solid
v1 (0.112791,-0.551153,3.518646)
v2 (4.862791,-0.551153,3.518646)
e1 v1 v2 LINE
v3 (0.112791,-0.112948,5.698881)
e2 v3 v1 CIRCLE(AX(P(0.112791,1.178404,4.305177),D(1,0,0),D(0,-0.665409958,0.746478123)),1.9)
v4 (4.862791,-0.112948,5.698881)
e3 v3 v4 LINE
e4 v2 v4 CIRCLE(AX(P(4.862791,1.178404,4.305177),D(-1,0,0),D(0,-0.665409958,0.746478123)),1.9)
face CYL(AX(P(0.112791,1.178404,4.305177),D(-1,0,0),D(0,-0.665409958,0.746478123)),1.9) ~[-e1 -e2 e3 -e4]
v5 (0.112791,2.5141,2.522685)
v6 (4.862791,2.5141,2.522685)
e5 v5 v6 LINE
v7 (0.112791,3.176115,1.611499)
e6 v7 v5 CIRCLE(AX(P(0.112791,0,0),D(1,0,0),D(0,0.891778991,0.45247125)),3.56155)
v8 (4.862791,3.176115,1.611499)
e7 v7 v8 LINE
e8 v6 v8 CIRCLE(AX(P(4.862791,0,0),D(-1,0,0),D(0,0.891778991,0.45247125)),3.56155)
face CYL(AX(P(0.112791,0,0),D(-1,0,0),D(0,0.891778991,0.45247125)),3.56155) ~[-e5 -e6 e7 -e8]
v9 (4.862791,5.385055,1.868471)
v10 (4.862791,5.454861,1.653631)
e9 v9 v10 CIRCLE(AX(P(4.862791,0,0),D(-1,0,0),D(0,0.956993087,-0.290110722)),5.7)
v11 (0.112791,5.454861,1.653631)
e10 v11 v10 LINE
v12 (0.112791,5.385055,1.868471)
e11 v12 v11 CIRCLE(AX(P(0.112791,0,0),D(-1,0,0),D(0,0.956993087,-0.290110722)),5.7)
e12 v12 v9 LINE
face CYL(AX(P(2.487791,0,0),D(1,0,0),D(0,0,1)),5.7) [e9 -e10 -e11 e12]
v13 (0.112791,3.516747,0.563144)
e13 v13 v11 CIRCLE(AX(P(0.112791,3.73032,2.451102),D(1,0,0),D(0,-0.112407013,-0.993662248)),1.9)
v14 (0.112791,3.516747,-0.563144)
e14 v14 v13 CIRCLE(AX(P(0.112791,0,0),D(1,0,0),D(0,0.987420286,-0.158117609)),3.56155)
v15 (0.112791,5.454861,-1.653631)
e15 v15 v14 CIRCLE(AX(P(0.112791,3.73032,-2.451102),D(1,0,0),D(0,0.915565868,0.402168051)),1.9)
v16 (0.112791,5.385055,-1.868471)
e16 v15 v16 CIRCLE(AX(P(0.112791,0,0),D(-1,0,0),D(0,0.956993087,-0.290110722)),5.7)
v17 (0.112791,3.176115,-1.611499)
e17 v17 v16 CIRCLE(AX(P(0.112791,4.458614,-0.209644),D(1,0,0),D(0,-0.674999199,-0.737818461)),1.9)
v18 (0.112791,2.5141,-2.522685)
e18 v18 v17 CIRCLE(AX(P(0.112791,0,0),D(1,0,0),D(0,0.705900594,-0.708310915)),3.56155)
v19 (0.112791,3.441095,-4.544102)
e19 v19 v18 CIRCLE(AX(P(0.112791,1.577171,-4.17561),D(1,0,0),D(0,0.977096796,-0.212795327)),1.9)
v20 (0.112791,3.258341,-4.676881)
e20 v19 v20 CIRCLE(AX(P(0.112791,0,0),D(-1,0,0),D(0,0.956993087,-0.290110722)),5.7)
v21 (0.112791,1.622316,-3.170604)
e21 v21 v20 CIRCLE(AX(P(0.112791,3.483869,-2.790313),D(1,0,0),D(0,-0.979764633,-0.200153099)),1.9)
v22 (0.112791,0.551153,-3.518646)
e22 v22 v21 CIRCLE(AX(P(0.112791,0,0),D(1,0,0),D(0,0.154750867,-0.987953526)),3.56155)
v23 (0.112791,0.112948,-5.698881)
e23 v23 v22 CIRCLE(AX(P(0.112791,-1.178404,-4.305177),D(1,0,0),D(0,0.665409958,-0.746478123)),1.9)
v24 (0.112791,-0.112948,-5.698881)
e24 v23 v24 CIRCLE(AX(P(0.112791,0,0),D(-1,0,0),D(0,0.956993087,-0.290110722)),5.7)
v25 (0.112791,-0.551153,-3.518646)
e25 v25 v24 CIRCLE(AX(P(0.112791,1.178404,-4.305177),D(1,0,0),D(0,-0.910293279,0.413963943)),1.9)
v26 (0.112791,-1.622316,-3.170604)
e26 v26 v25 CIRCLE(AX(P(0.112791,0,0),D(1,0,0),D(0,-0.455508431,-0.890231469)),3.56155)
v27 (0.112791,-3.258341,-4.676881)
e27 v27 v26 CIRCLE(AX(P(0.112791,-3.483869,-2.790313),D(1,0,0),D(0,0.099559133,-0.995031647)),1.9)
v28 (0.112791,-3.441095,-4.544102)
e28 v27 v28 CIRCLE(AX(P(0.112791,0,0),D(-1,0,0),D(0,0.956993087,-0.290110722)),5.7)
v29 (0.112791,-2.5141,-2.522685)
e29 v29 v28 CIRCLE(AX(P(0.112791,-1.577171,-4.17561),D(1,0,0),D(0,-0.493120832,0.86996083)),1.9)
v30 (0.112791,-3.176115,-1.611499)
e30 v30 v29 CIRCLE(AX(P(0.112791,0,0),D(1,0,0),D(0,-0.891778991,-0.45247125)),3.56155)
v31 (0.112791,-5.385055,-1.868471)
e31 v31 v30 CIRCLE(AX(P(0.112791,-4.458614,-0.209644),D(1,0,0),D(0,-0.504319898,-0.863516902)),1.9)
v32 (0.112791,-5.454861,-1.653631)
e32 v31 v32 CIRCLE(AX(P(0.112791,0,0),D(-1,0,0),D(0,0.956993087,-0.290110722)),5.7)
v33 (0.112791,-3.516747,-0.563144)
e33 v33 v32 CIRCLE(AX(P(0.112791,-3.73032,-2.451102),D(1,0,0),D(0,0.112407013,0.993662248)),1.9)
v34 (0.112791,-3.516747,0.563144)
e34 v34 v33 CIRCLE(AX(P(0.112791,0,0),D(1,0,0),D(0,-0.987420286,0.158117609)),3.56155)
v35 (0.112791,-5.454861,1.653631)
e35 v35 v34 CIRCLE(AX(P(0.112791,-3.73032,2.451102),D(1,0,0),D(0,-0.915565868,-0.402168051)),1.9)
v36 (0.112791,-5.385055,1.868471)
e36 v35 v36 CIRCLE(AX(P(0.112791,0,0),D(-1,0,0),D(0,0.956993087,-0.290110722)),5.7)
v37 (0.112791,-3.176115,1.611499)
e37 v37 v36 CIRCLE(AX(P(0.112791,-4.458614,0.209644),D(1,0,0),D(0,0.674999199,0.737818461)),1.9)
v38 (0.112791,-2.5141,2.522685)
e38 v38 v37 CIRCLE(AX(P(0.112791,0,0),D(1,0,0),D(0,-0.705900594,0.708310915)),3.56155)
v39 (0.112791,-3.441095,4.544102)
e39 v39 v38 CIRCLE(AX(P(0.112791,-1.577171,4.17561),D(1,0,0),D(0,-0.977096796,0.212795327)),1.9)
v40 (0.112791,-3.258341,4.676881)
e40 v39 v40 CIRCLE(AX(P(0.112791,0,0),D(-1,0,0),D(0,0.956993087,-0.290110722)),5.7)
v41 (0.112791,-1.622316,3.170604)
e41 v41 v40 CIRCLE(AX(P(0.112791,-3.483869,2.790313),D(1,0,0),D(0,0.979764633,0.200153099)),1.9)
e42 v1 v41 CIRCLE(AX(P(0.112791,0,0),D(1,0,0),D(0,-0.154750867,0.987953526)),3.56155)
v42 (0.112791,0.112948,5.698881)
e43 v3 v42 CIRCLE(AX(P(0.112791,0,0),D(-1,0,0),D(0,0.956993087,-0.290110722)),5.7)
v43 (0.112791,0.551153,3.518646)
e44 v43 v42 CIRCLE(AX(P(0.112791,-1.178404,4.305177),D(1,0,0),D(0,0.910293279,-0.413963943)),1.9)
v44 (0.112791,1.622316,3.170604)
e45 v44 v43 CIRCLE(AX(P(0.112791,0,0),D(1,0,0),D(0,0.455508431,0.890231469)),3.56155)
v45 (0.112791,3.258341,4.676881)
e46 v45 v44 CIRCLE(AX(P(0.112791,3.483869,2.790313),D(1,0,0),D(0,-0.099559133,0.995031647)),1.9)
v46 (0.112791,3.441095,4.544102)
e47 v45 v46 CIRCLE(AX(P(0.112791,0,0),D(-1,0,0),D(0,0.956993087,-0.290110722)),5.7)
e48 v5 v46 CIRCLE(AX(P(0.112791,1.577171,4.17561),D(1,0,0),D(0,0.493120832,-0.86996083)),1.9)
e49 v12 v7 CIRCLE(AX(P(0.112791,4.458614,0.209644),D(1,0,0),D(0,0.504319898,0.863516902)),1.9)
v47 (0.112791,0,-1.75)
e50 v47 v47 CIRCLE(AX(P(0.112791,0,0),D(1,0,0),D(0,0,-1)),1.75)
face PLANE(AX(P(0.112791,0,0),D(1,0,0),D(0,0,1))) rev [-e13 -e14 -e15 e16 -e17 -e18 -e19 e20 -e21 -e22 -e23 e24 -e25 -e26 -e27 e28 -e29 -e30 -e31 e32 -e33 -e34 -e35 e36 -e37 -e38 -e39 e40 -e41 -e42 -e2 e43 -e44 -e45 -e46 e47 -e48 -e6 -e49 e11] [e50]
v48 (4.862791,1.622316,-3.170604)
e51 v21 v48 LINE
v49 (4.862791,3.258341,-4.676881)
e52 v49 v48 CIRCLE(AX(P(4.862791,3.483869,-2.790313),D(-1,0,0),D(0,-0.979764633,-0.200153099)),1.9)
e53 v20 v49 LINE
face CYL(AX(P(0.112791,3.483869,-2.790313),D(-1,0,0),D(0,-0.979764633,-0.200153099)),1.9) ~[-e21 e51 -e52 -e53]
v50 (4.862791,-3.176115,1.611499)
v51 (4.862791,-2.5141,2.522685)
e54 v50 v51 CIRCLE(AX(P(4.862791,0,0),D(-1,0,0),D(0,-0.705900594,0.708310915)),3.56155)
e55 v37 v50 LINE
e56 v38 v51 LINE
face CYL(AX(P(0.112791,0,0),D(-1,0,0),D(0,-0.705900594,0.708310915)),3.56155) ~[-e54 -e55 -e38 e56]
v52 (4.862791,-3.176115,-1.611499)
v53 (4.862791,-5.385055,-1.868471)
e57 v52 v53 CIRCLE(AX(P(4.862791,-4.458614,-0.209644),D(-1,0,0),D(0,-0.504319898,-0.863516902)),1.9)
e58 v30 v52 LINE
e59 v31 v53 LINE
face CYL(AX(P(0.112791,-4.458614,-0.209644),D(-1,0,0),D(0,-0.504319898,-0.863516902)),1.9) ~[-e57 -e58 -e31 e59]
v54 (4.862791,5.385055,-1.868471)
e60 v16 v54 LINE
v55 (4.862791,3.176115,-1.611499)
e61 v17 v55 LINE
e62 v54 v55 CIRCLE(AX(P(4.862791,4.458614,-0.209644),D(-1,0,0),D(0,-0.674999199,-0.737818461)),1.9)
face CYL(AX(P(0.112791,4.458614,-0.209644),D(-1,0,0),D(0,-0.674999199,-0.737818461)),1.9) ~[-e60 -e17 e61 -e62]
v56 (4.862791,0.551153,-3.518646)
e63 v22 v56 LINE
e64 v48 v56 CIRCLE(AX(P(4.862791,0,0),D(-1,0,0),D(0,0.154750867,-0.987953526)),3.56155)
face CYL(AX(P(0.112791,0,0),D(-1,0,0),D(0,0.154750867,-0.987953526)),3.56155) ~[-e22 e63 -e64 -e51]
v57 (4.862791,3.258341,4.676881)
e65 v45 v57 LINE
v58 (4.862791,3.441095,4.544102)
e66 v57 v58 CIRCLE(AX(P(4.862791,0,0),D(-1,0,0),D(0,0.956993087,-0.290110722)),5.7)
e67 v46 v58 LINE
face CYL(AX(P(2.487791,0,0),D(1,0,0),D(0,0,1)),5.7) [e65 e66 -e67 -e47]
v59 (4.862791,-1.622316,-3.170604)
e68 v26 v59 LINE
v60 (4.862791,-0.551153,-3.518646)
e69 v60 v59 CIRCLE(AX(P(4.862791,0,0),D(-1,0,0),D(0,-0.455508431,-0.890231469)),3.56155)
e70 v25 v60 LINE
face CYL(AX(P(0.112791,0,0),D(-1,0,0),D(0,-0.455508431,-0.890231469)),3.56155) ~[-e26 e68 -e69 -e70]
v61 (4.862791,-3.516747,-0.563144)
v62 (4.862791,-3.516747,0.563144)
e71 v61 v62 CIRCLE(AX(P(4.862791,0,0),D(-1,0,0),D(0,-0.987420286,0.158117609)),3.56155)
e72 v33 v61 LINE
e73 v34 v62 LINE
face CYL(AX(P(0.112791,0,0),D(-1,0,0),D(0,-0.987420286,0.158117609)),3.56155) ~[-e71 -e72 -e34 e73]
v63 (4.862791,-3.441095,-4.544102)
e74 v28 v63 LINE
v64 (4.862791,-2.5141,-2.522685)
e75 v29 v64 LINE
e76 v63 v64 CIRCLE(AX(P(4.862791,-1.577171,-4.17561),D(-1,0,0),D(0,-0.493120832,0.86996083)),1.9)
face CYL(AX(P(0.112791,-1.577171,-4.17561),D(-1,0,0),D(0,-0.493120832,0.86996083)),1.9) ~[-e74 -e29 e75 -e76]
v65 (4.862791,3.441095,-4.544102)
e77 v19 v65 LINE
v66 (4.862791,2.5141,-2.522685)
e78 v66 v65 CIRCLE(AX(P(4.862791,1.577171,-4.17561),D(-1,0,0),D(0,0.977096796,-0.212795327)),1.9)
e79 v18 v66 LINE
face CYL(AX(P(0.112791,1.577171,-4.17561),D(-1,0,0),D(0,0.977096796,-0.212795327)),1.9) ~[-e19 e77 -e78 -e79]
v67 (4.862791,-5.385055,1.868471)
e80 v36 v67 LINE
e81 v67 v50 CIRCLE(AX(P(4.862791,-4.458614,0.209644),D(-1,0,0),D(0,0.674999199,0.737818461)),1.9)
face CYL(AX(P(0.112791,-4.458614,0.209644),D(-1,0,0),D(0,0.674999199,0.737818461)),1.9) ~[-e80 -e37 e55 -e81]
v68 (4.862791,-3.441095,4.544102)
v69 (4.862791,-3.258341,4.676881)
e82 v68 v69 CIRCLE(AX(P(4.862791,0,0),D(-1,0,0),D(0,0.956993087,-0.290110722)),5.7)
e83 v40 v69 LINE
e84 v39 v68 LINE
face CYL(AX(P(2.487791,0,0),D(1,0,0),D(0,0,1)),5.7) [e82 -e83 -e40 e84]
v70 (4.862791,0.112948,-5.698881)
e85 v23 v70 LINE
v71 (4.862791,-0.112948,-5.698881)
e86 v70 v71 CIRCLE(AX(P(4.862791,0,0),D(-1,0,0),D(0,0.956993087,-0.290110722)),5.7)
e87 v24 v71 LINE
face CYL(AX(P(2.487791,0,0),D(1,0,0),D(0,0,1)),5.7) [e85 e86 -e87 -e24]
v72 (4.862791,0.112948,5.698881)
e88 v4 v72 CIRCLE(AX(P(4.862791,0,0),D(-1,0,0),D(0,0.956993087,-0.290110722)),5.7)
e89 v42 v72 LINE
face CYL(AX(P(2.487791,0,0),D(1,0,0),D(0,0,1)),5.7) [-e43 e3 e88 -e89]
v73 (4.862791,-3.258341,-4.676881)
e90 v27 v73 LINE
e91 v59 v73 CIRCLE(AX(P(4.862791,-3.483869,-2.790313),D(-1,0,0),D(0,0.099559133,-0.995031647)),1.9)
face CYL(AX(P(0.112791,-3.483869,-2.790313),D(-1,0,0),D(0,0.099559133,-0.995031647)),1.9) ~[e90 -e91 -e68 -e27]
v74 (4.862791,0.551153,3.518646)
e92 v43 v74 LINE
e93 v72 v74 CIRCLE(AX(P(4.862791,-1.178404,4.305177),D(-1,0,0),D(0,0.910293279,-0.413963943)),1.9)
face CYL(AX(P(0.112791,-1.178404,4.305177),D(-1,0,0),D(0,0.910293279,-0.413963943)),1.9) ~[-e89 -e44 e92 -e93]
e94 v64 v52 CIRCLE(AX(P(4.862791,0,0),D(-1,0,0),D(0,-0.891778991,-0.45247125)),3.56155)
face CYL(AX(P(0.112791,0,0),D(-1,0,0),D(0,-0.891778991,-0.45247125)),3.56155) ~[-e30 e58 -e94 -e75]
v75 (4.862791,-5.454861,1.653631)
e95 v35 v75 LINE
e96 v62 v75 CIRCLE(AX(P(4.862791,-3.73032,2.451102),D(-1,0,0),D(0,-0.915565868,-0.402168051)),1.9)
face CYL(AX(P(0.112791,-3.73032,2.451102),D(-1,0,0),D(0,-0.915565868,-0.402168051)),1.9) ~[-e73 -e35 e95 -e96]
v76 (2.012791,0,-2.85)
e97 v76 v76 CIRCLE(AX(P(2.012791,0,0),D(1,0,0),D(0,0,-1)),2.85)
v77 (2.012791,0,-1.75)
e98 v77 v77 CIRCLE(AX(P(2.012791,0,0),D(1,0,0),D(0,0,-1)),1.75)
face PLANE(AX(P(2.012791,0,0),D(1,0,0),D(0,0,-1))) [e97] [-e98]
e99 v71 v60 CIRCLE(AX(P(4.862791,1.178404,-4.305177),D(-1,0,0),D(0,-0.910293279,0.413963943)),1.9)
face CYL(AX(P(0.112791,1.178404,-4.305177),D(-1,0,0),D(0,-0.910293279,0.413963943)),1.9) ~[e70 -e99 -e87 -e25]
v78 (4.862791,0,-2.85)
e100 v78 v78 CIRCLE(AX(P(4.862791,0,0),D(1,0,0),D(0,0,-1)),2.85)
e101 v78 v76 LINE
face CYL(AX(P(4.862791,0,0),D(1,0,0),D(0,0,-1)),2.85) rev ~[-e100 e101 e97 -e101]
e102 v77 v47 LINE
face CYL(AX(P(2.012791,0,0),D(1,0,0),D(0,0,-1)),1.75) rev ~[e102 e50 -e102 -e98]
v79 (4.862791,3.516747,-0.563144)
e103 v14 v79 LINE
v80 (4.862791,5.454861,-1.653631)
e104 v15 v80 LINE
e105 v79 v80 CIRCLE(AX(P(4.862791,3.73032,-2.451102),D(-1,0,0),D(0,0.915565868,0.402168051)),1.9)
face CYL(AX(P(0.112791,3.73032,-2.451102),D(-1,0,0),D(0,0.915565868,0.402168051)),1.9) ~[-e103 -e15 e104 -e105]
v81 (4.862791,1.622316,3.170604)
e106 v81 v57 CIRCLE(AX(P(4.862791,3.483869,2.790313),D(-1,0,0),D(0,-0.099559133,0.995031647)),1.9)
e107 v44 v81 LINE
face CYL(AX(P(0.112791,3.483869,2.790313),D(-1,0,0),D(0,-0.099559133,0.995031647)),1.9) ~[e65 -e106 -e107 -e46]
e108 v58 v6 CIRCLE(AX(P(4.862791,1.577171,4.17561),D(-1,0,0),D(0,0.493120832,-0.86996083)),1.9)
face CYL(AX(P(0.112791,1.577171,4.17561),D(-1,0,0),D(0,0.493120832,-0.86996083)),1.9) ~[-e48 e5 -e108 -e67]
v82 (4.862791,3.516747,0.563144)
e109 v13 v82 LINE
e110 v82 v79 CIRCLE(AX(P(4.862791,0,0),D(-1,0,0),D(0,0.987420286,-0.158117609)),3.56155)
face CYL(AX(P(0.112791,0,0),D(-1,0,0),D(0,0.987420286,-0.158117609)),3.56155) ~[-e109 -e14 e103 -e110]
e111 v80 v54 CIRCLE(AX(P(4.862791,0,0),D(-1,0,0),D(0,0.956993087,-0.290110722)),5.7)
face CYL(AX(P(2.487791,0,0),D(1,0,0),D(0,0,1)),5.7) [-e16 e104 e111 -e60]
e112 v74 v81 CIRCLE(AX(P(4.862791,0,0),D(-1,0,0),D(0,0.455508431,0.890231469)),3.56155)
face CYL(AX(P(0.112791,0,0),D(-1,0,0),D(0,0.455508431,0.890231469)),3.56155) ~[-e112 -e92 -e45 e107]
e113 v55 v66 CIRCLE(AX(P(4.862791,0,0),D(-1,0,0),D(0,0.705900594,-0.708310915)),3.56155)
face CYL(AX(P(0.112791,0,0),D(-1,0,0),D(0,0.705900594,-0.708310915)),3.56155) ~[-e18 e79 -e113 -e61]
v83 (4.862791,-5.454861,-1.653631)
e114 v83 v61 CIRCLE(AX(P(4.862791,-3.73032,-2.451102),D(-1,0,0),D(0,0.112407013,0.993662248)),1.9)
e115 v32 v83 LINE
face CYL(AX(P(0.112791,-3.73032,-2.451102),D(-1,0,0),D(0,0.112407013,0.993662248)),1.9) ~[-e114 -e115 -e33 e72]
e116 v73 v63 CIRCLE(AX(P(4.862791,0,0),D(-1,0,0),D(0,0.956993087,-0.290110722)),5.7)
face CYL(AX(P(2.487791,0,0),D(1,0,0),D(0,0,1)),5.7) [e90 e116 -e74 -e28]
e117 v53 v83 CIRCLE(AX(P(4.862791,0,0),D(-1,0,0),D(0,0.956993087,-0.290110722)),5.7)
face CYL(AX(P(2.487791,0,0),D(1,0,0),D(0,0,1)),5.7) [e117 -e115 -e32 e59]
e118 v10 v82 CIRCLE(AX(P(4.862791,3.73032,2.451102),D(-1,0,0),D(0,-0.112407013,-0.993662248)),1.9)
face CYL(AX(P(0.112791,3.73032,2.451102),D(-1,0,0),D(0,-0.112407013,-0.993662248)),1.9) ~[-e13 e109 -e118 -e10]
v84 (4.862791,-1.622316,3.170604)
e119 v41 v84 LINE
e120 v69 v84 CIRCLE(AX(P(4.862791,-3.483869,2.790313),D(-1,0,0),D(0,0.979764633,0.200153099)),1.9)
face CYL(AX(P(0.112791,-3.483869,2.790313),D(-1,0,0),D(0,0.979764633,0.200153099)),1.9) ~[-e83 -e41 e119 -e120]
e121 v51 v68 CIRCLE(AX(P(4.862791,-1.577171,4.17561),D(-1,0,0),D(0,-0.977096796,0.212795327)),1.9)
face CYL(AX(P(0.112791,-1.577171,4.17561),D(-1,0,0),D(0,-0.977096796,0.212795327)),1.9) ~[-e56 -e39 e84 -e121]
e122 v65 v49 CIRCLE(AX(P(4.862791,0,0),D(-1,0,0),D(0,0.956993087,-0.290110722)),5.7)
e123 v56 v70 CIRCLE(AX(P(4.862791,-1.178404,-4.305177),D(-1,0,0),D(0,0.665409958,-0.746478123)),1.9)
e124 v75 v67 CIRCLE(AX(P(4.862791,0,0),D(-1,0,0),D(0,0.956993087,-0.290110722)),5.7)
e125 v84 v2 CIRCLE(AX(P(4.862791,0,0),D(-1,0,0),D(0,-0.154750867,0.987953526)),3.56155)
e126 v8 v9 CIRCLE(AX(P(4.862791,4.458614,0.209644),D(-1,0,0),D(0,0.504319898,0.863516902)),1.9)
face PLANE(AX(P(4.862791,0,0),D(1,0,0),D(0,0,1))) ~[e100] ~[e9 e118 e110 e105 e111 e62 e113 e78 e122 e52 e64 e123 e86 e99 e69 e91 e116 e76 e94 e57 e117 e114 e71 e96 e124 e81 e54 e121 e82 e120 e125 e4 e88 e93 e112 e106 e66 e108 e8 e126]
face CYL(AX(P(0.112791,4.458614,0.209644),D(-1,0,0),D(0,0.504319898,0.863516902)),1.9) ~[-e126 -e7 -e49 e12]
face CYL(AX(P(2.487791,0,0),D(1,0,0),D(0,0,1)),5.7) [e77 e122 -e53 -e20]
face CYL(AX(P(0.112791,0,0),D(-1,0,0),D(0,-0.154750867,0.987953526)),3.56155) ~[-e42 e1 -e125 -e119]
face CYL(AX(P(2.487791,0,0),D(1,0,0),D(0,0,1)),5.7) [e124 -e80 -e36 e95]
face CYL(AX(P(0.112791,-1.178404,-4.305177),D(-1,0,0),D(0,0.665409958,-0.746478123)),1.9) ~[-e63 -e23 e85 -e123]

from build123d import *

# Parameters (mm, degrees)
BASPROSKE_W        = 5
BASPROSKE_H        = 6
TOOTHCUT_DEPTH     = 10.848857802
TEETHCUTS_COUNT    = 10
TEETHCUTS_ANGLE    = 324
BORSKE_R           = 1.5
BORE_DEPTH         = 50.0000508
SKETCH1_R          = 3
CUT_EXTRUDE1_DEPTH = 3
SCALE1_SCALE       = 0.95
SKETCH2_R          = 1.75
CUT_EXTRUDE2_DEPTH = 9.38856389


with BuildPart() as part:
    # BasProSke → Base-Revolve (revolve)
    with BuildSketch(Plane(origin=(0, 0, 0), x_dir=(1, 0, 0), z_dir=(0, 1, 0)), mode=Mode.PRIVATE) as base_revolve_sk:
        with Locations((2.5, 3)):
            Rectangle(BASPROSKE_W, BASPROSKE_H)
    revolve(base_revolve_sk.sketch.rotate(Axis((-10, 0, 0), (1, 0, 0)), 180), axis=Axis((-10, 0, 0), (1, 0, 0)))

    # TooCutSke → ToothCut (cut, through all)
    with BuildSketch(Plane(origin=(0, 0, 0), x_dir=(0, 0, -1), z_dir=(1, 0, 0))):
        with BuildLine():
            ThreePointArc((0.59278292, 3.701838653), (0, 3.749), (-0.59278292, 3.701838653))
            ThreePointArc((-0.59278292, 3.701838653), (-0.846593509, 4.924114224), (-1.775771316, 5.757784417))
            ThreePointArc((-1.775771316, 5.757784417), (0, 6.0254), (1.775771316, 5.757784417))
            ThreePointArc((1.775771316, 5.757784417), (0.846593509, 4.924114224), (0.59278292, 3.701838653))
        make_face()
    toothcut = extrude(amount=TOOTHCUT_DEPTH, mode=Mode.SUBTRACT)

    # TeethCuts: ToothCut ×10 about axis
    teethcuts_axis = Axis((-10, 0, 0), (1, 0, 0))
    for i in range(1, TEETHCUTS_COUNT):
        add(toothcut.rotate(teethcuts_axis, i * TEETHCUTS_ANGLE / (TEETHCUTS_COUNT - 1)), mode=Mode.SUBTRACT)

    # BorSke → Bore (cut, symmetric)
    with BuildSketch(Plane(origin=(0, 0, 0), x_dir=(0, 0, -1), z_dir=(1, 0, 0))):
        with Locations(Location((0, 0, 0), (0, 0, 180))):
            Circle(BORSKE_R)
    extrude(amount=BORE_DEPTH, both=True, mode=Mode.SUBTRACT)

    # Sketch1 → Cut-Extrude1 (cut)
    with BuildSketch(Plane(origin=(5, 0, 0), x_dir=(0, 0, -1), z_dir=(1, 0, 0))):
        Circle(SKETCH1_R)
    extrude(amount=-CUT_EXTRUDE1_DEPTH, mode=Mode.SUBTRACT)


with BuildPart() as part_1:
    # Scale1: scaled about (2.255821785, 0, 0)
    add(part.part.scale(SCALE1_SCALE).moved(Location((0.112791089, 0, 0))))

    # Sketch2 → Cut-Extrude2 (cut, through all)
    with BuildSketch(Plane(origin=(2.012791089, 0, 0), x_dir=(0, 0, -1), z_dir=(1, 0, 0))):
        Circle(SKETCH2_R)
    extrude(amount=-CUT_EXTRUDE2_DEPTH, mode=Mode.SUBTRACT)


solid = part_1.part
